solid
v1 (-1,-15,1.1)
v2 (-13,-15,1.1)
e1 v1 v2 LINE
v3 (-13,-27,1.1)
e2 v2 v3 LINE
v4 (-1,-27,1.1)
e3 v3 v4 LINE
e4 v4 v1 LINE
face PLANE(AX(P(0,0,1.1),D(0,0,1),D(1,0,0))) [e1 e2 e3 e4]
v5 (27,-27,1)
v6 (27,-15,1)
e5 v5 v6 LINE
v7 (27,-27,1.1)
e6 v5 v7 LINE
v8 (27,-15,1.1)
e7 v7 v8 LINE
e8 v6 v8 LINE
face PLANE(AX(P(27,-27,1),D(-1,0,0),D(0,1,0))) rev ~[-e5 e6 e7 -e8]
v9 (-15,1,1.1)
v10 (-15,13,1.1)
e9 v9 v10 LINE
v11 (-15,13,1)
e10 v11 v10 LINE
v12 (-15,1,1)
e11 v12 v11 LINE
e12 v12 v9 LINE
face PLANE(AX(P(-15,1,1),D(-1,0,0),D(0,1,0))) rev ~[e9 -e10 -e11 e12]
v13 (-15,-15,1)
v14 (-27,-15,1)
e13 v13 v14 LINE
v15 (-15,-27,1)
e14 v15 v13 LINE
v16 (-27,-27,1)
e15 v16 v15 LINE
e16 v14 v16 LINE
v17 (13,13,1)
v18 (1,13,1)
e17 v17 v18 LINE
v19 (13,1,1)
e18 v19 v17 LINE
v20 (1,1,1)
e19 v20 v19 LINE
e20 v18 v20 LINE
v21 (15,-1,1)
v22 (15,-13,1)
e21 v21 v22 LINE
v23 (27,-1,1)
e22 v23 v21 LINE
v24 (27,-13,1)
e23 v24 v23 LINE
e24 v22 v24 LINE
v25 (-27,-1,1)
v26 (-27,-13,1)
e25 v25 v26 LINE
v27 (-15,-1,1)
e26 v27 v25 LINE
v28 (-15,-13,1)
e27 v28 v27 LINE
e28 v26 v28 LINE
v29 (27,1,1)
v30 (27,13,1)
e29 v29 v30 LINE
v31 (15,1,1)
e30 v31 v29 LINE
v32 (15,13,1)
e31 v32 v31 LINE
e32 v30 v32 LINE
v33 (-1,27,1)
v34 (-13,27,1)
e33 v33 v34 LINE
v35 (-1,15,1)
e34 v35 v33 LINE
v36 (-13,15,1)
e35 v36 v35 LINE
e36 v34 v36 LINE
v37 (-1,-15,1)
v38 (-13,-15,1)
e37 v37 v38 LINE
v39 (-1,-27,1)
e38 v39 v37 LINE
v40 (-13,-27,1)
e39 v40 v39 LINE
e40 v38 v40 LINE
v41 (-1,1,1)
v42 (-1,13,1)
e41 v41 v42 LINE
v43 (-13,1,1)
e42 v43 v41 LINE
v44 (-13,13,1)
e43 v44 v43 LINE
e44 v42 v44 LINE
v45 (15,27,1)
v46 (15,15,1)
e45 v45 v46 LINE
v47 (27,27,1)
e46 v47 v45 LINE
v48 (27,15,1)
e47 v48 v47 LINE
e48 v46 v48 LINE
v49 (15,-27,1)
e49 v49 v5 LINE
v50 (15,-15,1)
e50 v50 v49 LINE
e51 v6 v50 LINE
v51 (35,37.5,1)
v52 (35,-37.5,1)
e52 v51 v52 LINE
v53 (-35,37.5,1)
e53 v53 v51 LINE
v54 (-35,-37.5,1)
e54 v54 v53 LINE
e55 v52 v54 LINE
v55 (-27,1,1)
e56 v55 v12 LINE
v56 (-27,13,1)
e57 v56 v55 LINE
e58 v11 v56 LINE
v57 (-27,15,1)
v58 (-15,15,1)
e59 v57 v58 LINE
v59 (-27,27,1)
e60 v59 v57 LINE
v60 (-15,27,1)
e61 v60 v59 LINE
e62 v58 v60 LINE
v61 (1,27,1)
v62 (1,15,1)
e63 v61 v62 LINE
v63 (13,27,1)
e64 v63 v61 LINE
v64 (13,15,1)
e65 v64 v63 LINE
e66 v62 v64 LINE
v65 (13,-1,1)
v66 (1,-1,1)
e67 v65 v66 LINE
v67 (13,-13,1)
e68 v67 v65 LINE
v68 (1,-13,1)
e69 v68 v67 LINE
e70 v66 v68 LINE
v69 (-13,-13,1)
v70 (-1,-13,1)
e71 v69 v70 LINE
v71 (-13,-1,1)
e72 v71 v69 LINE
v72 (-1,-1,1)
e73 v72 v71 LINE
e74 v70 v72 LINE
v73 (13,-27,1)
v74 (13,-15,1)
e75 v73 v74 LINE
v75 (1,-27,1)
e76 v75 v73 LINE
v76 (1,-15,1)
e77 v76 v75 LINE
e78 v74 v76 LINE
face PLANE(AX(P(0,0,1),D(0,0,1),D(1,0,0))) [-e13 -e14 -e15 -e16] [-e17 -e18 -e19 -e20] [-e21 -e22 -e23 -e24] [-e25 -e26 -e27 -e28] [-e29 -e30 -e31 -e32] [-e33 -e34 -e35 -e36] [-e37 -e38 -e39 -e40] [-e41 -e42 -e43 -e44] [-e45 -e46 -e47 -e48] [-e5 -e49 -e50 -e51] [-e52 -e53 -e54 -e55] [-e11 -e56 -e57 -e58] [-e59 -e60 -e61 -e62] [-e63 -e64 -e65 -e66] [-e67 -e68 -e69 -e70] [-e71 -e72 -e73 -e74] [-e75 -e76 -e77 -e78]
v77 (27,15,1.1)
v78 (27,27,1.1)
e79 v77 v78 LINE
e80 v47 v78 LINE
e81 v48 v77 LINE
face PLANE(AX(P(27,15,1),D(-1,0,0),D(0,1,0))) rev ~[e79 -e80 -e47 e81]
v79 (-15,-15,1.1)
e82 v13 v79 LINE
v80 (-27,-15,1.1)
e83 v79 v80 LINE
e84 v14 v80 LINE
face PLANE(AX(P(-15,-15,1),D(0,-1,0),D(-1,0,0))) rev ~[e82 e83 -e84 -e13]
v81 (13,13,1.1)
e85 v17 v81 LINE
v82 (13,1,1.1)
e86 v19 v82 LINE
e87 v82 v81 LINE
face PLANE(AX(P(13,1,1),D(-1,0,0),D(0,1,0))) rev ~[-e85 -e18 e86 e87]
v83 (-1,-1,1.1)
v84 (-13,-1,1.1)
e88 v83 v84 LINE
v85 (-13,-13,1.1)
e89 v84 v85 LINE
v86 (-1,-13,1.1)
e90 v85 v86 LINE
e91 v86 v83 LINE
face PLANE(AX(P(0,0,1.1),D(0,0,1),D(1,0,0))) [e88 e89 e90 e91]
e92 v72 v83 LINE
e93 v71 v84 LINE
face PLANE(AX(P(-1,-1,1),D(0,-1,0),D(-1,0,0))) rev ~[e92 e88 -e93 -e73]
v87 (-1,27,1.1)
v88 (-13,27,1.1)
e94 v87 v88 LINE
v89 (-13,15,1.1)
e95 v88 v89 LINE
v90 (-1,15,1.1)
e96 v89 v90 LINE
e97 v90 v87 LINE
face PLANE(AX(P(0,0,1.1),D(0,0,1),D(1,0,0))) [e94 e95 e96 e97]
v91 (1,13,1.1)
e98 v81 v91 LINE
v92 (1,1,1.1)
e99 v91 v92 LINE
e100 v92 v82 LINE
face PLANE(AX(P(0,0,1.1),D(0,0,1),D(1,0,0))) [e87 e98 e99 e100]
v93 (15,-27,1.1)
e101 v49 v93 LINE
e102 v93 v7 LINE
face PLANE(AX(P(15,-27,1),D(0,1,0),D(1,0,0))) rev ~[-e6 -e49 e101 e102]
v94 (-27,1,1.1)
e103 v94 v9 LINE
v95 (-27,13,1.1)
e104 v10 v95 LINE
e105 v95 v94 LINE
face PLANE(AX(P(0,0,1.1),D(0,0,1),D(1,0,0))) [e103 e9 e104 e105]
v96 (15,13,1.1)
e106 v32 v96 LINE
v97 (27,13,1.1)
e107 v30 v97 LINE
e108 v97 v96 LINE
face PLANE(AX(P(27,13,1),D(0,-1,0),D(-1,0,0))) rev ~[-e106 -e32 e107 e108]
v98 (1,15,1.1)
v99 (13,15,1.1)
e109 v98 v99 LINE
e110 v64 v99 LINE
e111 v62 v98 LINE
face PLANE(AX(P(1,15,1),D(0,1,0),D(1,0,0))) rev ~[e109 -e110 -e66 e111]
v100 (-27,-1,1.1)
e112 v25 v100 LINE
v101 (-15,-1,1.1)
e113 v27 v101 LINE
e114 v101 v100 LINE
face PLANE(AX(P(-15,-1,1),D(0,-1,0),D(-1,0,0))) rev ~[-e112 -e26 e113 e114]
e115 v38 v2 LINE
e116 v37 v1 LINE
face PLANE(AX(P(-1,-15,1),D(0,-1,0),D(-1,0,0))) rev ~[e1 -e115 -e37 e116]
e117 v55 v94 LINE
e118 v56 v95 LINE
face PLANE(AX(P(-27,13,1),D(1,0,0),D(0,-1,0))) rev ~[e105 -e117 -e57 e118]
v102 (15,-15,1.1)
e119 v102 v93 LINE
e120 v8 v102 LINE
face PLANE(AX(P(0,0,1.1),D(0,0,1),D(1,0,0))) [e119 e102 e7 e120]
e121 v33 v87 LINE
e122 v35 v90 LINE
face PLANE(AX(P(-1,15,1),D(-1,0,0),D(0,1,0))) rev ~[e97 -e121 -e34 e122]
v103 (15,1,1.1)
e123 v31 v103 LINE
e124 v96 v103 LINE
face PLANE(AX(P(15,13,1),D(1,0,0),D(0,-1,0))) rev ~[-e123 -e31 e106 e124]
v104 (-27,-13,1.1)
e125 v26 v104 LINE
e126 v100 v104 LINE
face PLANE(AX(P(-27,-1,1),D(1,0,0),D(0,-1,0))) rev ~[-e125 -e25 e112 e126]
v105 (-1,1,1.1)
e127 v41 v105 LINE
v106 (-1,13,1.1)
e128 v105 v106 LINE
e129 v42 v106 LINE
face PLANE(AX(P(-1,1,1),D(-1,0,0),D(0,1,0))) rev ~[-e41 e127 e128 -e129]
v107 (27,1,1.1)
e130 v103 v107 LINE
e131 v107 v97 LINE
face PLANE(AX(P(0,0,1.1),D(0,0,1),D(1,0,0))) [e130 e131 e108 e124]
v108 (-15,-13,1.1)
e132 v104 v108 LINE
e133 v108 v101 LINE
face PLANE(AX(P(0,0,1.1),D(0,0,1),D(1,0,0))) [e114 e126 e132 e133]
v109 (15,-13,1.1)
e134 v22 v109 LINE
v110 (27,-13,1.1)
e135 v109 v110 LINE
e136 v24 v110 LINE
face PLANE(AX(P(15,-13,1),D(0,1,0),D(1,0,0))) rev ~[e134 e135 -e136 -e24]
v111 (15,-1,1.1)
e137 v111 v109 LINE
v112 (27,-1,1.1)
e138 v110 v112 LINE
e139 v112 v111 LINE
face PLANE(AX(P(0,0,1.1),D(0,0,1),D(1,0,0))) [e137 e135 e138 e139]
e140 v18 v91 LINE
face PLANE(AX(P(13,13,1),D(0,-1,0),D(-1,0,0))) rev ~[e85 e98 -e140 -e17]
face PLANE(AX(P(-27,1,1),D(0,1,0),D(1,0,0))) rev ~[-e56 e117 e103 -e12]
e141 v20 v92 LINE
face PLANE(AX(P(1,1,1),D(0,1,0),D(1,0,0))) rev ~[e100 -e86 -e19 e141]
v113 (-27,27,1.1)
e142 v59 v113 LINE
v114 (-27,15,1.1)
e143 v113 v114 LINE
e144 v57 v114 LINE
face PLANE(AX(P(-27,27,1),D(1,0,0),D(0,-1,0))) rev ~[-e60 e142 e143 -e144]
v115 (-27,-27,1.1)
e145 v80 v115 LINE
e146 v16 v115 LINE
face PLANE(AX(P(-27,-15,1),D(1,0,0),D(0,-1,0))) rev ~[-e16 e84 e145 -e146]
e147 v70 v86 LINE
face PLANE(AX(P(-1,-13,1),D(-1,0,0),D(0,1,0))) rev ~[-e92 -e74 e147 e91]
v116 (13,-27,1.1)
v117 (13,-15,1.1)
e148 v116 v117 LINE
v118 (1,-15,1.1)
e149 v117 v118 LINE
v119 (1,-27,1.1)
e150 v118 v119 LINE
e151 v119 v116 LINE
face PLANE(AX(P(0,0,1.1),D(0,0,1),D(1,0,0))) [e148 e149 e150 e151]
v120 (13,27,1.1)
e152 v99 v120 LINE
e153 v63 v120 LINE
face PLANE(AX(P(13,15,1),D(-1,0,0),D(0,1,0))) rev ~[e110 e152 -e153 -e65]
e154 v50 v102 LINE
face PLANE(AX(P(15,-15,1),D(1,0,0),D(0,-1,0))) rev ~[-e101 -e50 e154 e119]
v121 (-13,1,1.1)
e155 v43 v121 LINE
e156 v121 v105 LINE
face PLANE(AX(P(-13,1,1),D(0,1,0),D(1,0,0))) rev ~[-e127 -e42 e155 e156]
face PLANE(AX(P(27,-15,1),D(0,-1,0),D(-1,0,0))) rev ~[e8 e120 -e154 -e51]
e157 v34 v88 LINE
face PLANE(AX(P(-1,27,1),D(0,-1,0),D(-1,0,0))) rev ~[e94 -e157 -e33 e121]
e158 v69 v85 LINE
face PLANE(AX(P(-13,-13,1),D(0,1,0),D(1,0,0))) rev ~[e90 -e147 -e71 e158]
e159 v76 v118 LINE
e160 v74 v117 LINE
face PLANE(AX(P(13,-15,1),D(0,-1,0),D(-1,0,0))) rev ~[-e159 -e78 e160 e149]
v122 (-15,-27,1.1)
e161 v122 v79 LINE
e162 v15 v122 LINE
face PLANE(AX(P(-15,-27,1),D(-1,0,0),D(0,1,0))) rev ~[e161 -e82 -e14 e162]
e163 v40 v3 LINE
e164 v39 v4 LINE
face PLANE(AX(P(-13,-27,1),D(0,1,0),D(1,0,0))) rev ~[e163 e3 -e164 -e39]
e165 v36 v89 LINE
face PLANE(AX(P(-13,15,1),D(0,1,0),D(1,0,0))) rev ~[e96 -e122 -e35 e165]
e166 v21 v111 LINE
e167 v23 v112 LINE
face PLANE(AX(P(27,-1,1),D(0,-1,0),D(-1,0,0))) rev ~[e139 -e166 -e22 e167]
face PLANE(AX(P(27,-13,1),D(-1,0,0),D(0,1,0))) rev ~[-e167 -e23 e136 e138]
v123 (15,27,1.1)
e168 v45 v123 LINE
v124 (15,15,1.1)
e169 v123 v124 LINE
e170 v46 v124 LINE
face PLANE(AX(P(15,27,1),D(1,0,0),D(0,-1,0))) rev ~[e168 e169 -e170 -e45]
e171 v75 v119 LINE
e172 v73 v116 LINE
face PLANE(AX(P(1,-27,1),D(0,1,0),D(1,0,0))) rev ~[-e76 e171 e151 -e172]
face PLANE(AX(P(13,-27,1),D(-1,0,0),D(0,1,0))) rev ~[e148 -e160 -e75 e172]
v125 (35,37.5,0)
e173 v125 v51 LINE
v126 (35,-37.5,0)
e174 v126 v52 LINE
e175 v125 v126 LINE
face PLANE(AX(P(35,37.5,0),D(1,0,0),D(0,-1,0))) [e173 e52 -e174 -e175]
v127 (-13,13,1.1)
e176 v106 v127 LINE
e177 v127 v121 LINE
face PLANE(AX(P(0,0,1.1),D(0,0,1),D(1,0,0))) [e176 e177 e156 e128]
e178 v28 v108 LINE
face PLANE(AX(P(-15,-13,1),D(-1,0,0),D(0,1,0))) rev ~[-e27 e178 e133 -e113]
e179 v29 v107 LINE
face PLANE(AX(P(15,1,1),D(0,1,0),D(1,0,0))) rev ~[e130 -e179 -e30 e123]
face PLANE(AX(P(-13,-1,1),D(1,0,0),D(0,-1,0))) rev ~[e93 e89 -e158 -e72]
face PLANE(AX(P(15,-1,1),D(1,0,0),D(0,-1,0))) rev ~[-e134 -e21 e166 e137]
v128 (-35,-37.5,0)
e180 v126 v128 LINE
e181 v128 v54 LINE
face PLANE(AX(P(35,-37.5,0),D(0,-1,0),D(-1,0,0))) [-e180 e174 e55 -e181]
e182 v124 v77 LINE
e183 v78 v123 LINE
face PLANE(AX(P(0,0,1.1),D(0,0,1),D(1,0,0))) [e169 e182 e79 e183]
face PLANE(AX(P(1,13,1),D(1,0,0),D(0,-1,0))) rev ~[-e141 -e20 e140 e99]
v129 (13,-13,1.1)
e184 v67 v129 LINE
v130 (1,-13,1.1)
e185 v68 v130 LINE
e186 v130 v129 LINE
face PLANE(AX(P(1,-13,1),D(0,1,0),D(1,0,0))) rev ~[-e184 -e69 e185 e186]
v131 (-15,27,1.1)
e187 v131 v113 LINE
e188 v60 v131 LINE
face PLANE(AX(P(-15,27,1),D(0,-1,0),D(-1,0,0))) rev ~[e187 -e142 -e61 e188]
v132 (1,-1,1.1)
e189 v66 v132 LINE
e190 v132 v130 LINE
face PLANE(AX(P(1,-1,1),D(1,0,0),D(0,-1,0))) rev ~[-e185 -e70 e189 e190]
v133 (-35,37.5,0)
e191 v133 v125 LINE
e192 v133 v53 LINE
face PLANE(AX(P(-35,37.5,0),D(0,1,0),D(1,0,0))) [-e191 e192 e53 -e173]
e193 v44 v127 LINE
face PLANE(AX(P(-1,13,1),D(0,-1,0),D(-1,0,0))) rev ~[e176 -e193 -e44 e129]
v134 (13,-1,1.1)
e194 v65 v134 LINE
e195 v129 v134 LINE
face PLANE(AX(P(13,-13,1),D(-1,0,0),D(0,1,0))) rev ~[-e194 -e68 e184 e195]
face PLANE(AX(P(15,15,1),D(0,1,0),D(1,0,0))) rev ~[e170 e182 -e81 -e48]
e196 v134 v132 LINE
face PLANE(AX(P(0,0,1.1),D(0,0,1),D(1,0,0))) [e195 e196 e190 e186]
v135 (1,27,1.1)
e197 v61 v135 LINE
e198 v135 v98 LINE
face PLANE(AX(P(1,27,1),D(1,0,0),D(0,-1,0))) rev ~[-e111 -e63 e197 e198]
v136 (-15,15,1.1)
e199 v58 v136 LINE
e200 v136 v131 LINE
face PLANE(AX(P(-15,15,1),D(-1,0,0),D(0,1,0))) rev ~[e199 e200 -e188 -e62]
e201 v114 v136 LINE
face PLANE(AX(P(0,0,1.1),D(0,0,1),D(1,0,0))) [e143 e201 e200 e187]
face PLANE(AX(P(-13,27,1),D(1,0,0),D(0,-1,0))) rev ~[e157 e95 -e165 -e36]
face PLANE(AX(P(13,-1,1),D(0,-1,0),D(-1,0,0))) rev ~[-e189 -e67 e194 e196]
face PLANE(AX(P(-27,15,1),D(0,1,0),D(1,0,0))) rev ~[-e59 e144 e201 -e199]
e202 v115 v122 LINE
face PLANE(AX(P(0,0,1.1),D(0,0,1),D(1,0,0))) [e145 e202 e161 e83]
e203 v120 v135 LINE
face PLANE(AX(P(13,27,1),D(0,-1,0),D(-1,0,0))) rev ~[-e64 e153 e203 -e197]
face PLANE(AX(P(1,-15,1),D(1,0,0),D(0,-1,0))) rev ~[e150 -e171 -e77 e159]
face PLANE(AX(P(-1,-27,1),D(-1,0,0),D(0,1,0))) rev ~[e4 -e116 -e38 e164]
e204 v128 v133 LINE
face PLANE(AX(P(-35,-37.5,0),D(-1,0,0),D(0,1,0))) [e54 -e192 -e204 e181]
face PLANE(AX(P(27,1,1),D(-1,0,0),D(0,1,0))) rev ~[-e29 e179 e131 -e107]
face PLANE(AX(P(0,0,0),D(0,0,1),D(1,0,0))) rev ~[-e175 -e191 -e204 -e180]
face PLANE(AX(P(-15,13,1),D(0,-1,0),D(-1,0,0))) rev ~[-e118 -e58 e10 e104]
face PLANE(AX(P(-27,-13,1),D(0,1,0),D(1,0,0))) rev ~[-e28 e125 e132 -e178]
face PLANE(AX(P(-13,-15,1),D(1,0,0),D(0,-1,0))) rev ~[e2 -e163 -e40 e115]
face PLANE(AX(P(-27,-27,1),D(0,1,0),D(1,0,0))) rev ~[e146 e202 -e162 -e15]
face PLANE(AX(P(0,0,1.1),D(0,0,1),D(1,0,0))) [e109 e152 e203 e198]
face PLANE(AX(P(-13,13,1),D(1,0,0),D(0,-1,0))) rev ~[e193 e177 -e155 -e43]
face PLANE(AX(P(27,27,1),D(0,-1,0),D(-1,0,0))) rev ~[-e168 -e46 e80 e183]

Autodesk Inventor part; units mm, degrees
ref_plane "YZ Plane" through (0, 0, 0) normal (1, 0, 0) x (0, 1, 0)
ref_plane "XZ Plane" through (0, 0, 0) normal (0, 1, 0) x (-1, 0, 0)
ref_plane "XY Plane" through (0, 0, 0) normal (0, 0, 1) x (1, 0, 0)
sketch "Boceto1" plane through (0, 0, 0) normal (0, 0, 1) x (1, 0, 0)
  line L0 (-35, 37.5) -> (35, 37.5)
  line L1 (35, 37.5) -> (35, -37.5)
  line L2 (35, -37.5) -> (-35, -37.5)
  line L3 (-35, -37.5) -> (-35, 37.5)
  point P0 (0, 0)
  point P1 (-35, 0)
  point P2 (0, 37.5)
  dimension "d0" = 70
  dimension "d1" = 75
extrude "Extrusión1" add sketch "Boceto1" along normal blind 1
sketch "Boceto2" plane through (0, 0, 1) normal (0, 0, 1) x (1, 0, 0)
  line L0 (-27, -27) -> (-15, -27)
  line L1 (-15, -27) -> (-15, -15)
  line L2 (-15, -15) -> (-27, -15)
  line L3 (-27, -15) -> (-27, -27)
  line L4 (-13, -27) -> (-1, -27)
  line L5 (-1, -27) -> (-1, -15)
  line L6 (-1, -15) -> (-13, -15)
  line L7 (-13, -15) -> (-13, -27)
  line L8 (1, -27) -> (13, -27)
  line L9 (13, -27) -> (13, -15)
  line L10 (13, -15) -> (1, -15)
  line L11 (1, -15) -> (1, -27)
  line L12 (15, -27) -> (27, -27)
  line L13 (27, -27) -> (27, -15)
  line L14 (27, -15) -> (15, -15)
  line L15 (15, -15) -> (15, -27)
  line L16 (-27, -13) -> (-15, -13)
  line L17 (-15, -13) -> (-15, -1)
  line L18 (-15, -1) -> (-27, -1)
  line L19 (-27, -1) -> (-27, -13)
  line L20 (-13, -13) -> (-1, -13)
  line L21 (-1, -13) -> (-1, -1)
  line L22 (-1, -1) -> (-13, -1)
  line L23 (-13, -1) -> (-13, -13)
  line L24 (1, -13) -> (13, -13)
  line L25 (13, -13) -> (13, -1)
  line L26 (13, -1) -> (1, -1)
  line L27 (1, -1) -> (1, -13)
  line L28 (15, -13) -> (27, -13)
  line L29 (27, -13) -> (27, -1)
  line L30 (27, -1) -> (15, -1)
  line L31 (15, -1) -> (15, -13)
  line L32 (-27, 1) -> (-15, 1)
  line L33 (-15, 1) -> (-15, 13)
  line L34 (-15, 13) -> (-27, 13)
  line L35 (-27, 13) -> (-27, 1)
  line L36 (-13, 1) -> (-1, 1)
  line L37 (-1, 1) -> (-1, 13)
  line L38 (-1, 13) -> (-13, 13)
  line L39 (-13, 13) -> (-13, 1)
  line L40 (1, 1) -> (13, 1)
  line L41 (13, 1) -> (13, 13)
  line L42 (13, 13) -> (1, 13)
  line L43 (1, 13) -> (1, 1)
  line L44 (15, 1) -> (27, 1)
  line L45 (27, 1) -> (27, 13)
  line L46 (27, 13) -> (15, 13)
  line L47 (15, 13) -> (15, 1)
  line L48 (-27, 15) -> (-15, 15)
  line L49 (-15, 15) -> (-15, 27)
  line L50 (-15, 27) -> (-27, 27)
  line L51 (-27, 27) -> (-27, 15)
  line L52 (-13, 15) -> (-1, 15)
  line L53 (-1, 15) -> (-1, 27)
  line L54 (-1, 27) -> (-13, 27)
  line L55 (-13, 27) -> (-13, 15)
  line L56 (1, 15) -> (13, 15)
  line L57 (13, 15) -> (13, 27)
  line L58 (13, 27) -> (1, 27)
  line L59 (1, 27) -> (1, 15)
  line L60 (15, 15) -> (27, 15)
  line L61 (27, 15) -> (27, 27)
  line L62 (27, 27) -> (15, 27)
  line L63 (15, 27) -> (15, 15)
  line L64 (-1, -1) -> (1, 1) construction
  point P0 (0, 0)
  point P1 (0, 0)
  dimension "d6" = 14
  dimension "d9" = 14
  dimension "d12" = 12
extrude "Extrusión2" add sketch "Boceto2" along normal blind 0.1
equation "\"d9\" = d6"
properties part number "botonera"
